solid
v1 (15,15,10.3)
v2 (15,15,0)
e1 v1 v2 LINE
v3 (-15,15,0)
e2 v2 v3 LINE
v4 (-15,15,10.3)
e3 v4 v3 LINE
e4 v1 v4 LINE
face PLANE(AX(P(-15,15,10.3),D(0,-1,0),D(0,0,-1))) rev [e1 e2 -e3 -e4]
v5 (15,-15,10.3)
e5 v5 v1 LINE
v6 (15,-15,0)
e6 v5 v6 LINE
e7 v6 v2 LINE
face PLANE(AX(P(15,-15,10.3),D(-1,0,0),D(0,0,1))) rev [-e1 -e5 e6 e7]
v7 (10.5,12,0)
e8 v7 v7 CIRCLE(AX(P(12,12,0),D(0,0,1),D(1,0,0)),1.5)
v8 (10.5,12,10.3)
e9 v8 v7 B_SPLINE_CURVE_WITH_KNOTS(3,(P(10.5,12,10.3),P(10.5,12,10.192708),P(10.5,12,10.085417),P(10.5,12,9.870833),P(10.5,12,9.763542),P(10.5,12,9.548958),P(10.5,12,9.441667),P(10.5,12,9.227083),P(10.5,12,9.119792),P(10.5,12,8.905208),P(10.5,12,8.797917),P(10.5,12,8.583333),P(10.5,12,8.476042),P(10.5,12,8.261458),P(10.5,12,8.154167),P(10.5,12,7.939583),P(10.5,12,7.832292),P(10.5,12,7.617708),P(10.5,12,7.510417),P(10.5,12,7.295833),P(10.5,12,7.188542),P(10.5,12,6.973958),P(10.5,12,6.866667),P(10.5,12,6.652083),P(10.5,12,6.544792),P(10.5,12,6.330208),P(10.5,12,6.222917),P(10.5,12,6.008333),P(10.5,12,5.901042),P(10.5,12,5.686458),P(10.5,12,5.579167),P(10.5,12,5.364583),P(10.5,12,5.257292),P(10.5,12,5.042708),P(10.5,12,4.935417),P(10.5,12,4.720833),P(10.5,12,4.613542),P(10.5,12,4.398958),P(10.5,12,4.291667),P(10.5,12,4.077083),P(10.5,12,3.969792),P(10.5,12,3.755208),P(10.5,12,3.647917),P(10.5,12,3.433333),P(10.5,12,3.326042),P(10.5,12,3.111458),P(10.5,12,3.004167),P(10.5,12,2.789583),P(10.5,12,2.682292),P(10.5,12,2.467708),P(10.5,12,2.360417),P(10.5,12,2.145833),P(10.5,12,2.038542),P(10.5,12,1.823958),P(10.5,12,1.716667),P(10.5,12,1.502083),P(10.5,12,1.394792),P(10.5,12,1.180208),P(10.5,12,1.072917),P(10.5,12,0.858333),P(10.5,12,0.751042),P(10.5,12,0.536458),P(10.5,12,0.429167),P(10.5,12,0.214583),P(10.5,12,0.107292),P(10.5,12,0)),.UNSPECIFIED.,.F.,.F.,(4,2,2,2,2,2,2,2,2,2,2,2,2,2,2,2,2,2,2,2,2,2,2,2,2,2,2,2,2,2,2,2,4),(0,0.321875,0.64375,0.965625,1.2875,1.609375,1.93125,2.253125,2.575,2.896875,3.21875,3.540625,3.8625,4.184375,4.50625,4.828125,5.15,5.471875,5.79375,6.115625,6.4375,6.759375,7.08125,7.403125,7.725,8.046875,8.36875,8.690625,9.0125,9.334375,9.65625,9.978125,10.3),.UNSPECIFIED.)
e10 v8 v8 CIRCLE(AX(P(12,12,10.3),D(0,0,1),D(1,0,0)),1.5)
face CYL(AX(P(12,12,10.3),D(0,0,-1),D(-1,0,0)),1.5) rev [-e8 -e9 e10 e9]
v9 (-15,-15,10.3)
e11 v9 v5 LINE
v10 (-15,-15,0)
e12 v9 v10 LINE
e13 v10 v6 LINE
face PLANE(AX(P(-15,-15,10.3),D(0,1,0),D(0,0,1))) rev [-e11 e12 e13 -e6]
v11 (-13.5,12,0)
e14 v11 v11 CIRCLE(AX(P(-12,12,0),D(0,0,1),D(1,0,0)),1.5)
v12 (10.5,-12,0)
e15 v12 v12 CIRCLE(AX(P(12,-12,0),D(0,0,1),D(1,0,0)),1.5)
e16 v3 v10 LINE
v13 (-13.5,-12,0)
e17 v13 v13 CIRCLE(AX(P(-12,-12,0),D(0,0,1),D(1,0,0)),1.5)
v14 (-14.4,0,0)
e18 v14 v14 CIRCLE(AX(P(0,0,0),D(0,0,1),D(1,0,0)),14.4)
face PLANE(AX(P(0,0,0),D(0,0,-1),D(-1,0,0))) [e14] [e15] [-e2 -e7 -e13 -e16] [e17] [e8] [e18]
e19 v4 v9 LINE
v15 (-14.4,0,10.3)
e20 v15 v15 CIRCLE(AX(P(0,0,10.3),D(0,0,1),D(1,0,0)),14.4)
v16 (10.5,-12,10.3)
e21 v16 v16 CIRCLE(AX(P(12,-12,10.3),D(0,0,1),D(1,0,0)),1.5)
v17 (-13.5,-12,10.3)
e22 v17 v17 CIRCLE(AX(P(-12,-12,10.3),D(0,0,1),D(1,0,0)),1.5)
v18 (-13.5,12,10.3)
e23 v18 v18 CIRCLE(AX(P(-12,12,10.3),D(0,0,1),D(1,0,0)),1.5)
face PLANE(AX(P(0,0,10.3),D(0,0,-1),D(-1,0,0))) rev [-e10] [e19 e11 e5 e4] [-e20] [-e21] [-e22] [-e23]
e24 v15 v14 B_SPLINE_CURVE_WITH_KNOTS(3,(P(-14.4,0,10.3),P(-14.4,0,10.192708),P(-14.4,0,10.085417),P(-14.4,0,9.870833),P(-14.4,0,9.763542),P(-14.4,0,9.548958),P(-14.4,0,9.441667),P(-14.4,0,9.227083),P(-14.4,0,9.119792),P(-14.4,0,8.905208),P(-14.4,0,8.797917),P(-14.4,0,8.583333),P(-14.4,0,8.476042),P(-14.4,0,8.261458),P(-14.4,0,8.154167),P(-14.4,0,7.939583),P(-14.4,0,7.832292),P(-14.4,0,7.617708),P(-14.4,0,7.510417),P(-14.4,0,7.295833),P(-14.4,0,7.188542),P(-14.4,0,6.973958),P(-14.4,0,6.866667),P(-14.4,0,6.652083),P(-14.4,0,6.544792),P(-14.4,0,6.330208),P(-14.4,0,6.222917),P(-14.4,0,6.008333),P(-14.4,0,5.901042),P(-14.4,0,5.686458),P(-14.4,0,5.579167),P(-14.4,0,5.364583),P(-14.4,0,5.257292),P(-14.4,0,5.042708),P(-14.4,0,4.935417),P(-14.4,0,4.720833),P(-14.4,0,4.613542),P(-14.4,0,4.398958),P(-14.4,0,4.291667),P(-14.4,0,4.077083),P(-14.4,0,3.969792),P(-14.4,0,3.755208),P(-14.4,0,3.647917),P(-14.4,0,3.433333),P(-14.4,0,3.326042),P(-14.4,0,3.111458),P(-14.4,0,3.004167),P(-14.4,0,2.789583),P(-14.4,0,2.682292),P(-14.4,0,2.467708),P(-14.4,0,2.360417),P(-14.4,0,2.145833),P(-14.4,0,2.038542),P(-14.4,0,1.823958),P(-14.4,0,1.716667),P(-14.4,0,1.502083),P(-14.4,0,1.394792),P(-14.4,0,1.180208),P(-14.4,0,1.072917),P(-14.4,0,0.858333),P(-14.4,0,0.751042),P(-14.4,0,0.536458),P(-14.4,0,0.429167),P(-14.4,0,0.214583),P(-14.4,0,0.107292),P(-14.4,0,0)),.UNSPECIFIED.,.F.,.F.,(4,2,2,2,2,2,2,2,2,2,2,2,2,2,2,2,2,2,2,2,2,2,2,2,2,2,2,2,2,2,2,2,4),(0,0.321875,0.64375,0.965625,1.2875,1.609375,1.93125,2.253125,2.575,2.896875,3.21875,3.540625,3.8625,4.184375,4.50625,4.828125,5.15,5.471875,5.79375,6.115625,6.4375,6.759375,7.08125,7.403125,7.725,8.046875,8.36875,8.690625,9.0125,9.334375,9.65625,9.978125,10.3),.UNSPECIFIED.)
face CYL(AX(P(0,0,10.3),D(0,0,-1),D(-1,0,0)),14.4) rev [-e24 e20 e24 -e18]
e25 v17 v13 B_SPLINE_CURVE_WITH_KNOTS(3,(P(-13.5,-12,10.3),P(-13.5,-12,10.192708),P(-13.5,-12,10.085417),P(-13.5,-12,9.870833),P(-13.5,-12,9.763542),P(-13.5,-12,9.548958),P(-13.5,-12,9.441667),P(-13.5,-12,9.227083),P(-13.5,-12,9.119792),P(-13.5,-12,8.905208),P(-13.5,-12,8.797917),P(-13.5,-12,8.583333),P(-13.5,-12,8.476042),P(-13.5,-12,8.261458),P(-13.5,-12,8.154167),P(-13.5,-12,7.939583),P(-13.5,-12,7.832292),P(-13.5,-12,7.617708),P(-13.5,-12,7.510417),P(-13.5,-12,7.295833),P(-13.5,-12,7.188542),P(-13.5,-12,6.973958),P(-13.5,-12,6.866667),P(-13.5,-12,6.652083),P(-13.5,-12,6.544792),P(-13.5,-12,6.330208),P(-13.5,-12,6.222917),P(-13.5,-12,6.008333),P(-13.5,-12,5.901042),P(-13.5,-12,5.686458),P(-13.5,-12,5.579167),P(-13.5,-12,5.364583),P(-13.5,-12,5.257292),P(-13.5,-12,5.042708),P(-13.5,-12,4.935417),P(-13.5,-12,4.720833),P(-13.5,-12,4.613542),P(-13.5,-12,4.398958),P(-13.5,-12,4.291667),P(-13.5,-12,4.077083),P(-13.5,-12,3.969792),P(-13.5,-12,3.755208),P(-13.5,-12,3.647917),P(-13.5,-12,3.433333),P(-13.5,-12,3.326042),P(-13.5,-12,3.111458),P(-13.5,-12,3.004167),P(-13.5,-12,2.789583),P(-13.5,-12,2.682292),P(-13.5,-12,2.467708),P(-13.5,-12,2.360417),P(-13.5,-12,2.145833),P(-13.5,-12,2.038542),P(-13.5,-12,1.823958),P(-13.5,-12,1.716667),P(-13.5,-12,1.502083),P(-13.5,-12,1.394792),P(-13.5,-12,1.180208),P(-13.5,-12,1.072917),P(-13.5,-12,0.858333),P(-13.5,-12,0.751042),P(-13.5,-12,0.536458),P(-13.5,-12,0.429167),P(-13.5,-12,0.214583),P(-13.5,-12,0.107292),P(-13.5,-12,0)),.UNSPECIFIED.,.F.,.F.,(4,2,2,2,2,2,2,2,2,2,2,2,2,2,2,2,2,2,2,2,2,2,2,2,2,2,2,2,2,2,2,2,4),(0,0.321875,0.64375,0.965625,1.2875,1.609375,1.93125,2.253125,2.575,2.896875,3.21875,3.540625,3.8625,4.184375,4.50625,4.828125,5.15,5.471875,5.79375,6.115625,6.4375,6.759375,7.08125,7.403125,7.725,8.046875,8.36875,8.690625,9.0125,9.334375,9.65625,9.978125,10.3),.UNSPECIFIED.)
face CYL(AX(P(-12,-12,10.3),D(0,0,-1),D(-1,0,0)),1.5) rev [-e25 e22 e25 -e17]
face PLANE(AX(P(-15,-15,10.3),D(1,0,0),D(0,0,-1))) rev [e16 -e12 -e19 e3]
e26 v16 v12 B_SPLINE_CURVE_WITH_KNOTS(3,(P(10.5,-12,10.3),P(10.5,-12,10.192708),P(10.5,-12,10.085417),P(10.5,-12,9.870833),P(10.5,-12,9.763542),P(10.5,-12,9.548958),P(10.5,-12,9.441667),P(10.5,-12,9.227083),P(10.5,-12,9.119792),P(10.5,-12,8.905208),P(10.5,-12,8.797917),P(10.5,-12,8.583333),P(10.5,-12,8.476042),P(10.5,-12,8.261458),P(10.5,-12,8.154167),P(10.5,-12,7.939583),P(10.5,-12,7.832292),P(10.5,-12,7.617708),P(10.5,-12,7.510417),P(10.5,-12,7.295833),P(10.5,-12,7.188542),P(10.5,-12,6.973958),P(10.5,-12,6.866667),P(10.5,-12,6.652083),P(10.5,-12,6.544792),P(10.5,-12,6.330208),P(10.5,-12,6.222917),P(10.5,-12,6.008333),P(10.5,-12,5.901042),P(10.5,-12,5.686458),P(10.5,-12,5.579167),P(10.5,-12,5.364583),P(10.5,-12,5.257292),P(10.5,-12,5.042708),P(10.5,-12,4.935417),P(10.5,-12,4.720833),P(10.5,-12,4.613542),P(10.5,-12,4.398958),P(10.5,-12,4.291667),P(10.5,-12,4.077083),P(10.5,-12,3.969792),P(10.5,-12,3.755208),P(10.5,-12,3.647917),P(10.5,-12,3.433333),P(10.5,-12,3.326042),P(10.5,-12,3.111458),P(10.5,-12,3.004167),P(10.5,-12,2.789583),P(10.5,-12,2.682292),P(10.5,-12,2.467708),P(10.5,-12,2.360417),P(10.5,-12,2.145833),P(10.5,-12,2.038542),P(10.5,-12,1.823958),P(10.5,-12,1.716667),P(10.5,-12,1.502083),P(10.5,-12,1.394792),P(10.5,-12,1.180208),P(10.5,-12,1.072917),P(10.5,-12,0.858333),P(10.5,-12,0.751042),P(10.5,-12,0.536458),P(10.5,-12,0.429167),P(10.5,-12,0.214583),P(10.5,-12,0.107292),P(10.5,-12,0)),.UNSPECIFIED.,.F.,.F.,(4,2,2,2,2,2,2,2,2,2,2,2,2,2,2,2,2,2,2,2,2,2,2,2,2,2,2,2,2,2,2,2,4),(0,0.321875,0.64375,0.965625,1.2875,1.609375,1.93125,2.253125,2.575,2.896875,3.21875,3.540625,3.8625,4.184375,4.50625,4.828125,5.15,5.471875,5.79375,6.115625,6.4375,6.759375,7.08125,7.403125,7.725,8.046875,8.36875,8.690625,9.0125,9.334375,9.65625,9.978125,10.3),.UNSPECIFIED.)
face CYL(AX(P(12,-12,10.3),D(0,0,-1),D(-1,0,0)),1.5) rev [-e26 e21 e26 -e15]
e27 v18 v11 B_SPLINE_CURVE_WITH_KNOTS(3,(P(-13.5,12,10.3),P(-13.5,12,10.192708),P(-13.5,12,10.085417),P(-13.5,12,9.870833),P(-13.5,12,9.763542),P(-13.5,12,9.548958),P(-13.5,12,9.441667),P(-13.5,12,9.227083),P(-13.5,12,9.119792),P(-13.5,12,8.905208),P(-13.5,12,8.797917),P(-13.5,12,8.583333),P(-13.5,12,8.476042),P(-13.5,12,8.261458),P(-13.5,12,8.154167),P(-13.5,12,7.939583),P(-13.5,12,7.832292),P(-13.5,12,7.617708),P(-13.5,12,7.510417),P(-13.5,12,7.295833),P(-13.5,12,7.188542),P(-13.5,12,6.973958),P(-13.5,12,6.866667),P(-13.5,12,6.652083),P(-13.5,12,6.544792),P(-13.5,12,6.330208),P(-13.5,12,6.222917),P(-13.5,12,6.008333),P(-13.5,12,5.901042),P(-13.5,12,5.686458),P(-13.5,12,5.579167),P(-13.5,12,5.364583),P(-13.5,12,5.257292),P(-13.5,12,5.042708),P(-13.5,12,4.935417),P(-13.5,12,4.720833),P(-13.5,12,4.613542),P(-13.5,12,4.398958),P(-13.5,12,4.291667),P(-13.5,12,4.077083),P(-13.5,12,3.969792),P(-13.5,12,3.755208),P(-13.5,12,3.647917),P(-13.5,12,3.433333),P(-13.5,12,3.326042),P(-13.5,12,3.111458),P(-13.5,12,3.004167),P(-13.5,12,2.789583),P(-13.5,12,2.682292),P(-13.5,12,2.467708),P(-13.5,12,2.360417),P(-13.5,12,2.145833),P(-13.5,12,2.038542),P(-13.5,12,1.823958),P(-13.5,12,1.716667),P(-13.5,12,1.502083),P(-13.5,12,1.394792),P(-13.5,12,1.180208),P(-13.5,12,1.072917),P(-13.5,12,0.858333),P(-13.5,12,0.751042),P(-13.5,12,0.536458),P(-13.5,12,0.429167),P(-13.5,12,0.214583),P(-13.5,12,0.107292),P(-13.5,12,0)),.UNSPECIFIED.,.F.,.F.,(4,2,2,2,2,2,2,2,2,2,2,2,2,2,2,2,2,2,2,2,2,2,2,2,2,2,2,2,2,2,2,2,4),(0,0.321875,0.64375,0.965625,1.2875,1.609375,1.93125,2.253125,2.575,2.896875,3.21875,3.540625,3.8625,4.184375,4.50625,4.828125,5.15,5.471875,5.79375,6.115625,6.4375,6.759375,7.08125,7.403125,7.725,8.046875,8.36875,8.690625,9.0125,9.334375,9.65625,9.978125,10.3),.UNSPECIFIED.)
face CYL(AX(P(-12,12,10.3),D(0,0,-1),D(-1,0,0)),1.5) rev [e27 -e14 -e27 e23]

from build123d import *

# Parameters (mm, degrees)
SKETCH_1_W      = 30
SKETCH_1_H      = 30
SKETCH_1_R      = 14.4
SKETCH_1_R_2    = 1.5
EXTRUDE_1_DEPTH = 10.3


with BuildPart() as part:
    # 草图1 → 凸台-拉伸1 (new body)
    with BuildSketch(Plane.XY):
        Rectangle(SKETCH_1_W, SKETCH_1_H)
        with Locations(Location((0, 0, 0), (0, 0, 180))):
            Circle(SKETCH_1_R, mode=Mode.SUBTRACT)
        with Locations(Location((-12, 12, 0), (0, 0, 180))):
            Circle(SKETCH_1_R_2, mode=Mode.SUBTRACT)
        with Locations(Location((12, 12, 0), (0, 0, 180))):
            Circle(SKETCH_1_R_2, mode=Mode.SUBTRACT)
        with Locations(Location((12, -12, 0), (0, 0, 180))):
            Circle(SKETCH_1_R_2, mode=Mode.SUBTRACT)
        with Locations(Location((-12, -12, 0), (0, 0, 180))):
            Circle(SKETCH_1_R_2, mode=Mode.SUBTRACT)
    extrude(amount=EXTRUDE_1_DEPTH)


solid = part.part
